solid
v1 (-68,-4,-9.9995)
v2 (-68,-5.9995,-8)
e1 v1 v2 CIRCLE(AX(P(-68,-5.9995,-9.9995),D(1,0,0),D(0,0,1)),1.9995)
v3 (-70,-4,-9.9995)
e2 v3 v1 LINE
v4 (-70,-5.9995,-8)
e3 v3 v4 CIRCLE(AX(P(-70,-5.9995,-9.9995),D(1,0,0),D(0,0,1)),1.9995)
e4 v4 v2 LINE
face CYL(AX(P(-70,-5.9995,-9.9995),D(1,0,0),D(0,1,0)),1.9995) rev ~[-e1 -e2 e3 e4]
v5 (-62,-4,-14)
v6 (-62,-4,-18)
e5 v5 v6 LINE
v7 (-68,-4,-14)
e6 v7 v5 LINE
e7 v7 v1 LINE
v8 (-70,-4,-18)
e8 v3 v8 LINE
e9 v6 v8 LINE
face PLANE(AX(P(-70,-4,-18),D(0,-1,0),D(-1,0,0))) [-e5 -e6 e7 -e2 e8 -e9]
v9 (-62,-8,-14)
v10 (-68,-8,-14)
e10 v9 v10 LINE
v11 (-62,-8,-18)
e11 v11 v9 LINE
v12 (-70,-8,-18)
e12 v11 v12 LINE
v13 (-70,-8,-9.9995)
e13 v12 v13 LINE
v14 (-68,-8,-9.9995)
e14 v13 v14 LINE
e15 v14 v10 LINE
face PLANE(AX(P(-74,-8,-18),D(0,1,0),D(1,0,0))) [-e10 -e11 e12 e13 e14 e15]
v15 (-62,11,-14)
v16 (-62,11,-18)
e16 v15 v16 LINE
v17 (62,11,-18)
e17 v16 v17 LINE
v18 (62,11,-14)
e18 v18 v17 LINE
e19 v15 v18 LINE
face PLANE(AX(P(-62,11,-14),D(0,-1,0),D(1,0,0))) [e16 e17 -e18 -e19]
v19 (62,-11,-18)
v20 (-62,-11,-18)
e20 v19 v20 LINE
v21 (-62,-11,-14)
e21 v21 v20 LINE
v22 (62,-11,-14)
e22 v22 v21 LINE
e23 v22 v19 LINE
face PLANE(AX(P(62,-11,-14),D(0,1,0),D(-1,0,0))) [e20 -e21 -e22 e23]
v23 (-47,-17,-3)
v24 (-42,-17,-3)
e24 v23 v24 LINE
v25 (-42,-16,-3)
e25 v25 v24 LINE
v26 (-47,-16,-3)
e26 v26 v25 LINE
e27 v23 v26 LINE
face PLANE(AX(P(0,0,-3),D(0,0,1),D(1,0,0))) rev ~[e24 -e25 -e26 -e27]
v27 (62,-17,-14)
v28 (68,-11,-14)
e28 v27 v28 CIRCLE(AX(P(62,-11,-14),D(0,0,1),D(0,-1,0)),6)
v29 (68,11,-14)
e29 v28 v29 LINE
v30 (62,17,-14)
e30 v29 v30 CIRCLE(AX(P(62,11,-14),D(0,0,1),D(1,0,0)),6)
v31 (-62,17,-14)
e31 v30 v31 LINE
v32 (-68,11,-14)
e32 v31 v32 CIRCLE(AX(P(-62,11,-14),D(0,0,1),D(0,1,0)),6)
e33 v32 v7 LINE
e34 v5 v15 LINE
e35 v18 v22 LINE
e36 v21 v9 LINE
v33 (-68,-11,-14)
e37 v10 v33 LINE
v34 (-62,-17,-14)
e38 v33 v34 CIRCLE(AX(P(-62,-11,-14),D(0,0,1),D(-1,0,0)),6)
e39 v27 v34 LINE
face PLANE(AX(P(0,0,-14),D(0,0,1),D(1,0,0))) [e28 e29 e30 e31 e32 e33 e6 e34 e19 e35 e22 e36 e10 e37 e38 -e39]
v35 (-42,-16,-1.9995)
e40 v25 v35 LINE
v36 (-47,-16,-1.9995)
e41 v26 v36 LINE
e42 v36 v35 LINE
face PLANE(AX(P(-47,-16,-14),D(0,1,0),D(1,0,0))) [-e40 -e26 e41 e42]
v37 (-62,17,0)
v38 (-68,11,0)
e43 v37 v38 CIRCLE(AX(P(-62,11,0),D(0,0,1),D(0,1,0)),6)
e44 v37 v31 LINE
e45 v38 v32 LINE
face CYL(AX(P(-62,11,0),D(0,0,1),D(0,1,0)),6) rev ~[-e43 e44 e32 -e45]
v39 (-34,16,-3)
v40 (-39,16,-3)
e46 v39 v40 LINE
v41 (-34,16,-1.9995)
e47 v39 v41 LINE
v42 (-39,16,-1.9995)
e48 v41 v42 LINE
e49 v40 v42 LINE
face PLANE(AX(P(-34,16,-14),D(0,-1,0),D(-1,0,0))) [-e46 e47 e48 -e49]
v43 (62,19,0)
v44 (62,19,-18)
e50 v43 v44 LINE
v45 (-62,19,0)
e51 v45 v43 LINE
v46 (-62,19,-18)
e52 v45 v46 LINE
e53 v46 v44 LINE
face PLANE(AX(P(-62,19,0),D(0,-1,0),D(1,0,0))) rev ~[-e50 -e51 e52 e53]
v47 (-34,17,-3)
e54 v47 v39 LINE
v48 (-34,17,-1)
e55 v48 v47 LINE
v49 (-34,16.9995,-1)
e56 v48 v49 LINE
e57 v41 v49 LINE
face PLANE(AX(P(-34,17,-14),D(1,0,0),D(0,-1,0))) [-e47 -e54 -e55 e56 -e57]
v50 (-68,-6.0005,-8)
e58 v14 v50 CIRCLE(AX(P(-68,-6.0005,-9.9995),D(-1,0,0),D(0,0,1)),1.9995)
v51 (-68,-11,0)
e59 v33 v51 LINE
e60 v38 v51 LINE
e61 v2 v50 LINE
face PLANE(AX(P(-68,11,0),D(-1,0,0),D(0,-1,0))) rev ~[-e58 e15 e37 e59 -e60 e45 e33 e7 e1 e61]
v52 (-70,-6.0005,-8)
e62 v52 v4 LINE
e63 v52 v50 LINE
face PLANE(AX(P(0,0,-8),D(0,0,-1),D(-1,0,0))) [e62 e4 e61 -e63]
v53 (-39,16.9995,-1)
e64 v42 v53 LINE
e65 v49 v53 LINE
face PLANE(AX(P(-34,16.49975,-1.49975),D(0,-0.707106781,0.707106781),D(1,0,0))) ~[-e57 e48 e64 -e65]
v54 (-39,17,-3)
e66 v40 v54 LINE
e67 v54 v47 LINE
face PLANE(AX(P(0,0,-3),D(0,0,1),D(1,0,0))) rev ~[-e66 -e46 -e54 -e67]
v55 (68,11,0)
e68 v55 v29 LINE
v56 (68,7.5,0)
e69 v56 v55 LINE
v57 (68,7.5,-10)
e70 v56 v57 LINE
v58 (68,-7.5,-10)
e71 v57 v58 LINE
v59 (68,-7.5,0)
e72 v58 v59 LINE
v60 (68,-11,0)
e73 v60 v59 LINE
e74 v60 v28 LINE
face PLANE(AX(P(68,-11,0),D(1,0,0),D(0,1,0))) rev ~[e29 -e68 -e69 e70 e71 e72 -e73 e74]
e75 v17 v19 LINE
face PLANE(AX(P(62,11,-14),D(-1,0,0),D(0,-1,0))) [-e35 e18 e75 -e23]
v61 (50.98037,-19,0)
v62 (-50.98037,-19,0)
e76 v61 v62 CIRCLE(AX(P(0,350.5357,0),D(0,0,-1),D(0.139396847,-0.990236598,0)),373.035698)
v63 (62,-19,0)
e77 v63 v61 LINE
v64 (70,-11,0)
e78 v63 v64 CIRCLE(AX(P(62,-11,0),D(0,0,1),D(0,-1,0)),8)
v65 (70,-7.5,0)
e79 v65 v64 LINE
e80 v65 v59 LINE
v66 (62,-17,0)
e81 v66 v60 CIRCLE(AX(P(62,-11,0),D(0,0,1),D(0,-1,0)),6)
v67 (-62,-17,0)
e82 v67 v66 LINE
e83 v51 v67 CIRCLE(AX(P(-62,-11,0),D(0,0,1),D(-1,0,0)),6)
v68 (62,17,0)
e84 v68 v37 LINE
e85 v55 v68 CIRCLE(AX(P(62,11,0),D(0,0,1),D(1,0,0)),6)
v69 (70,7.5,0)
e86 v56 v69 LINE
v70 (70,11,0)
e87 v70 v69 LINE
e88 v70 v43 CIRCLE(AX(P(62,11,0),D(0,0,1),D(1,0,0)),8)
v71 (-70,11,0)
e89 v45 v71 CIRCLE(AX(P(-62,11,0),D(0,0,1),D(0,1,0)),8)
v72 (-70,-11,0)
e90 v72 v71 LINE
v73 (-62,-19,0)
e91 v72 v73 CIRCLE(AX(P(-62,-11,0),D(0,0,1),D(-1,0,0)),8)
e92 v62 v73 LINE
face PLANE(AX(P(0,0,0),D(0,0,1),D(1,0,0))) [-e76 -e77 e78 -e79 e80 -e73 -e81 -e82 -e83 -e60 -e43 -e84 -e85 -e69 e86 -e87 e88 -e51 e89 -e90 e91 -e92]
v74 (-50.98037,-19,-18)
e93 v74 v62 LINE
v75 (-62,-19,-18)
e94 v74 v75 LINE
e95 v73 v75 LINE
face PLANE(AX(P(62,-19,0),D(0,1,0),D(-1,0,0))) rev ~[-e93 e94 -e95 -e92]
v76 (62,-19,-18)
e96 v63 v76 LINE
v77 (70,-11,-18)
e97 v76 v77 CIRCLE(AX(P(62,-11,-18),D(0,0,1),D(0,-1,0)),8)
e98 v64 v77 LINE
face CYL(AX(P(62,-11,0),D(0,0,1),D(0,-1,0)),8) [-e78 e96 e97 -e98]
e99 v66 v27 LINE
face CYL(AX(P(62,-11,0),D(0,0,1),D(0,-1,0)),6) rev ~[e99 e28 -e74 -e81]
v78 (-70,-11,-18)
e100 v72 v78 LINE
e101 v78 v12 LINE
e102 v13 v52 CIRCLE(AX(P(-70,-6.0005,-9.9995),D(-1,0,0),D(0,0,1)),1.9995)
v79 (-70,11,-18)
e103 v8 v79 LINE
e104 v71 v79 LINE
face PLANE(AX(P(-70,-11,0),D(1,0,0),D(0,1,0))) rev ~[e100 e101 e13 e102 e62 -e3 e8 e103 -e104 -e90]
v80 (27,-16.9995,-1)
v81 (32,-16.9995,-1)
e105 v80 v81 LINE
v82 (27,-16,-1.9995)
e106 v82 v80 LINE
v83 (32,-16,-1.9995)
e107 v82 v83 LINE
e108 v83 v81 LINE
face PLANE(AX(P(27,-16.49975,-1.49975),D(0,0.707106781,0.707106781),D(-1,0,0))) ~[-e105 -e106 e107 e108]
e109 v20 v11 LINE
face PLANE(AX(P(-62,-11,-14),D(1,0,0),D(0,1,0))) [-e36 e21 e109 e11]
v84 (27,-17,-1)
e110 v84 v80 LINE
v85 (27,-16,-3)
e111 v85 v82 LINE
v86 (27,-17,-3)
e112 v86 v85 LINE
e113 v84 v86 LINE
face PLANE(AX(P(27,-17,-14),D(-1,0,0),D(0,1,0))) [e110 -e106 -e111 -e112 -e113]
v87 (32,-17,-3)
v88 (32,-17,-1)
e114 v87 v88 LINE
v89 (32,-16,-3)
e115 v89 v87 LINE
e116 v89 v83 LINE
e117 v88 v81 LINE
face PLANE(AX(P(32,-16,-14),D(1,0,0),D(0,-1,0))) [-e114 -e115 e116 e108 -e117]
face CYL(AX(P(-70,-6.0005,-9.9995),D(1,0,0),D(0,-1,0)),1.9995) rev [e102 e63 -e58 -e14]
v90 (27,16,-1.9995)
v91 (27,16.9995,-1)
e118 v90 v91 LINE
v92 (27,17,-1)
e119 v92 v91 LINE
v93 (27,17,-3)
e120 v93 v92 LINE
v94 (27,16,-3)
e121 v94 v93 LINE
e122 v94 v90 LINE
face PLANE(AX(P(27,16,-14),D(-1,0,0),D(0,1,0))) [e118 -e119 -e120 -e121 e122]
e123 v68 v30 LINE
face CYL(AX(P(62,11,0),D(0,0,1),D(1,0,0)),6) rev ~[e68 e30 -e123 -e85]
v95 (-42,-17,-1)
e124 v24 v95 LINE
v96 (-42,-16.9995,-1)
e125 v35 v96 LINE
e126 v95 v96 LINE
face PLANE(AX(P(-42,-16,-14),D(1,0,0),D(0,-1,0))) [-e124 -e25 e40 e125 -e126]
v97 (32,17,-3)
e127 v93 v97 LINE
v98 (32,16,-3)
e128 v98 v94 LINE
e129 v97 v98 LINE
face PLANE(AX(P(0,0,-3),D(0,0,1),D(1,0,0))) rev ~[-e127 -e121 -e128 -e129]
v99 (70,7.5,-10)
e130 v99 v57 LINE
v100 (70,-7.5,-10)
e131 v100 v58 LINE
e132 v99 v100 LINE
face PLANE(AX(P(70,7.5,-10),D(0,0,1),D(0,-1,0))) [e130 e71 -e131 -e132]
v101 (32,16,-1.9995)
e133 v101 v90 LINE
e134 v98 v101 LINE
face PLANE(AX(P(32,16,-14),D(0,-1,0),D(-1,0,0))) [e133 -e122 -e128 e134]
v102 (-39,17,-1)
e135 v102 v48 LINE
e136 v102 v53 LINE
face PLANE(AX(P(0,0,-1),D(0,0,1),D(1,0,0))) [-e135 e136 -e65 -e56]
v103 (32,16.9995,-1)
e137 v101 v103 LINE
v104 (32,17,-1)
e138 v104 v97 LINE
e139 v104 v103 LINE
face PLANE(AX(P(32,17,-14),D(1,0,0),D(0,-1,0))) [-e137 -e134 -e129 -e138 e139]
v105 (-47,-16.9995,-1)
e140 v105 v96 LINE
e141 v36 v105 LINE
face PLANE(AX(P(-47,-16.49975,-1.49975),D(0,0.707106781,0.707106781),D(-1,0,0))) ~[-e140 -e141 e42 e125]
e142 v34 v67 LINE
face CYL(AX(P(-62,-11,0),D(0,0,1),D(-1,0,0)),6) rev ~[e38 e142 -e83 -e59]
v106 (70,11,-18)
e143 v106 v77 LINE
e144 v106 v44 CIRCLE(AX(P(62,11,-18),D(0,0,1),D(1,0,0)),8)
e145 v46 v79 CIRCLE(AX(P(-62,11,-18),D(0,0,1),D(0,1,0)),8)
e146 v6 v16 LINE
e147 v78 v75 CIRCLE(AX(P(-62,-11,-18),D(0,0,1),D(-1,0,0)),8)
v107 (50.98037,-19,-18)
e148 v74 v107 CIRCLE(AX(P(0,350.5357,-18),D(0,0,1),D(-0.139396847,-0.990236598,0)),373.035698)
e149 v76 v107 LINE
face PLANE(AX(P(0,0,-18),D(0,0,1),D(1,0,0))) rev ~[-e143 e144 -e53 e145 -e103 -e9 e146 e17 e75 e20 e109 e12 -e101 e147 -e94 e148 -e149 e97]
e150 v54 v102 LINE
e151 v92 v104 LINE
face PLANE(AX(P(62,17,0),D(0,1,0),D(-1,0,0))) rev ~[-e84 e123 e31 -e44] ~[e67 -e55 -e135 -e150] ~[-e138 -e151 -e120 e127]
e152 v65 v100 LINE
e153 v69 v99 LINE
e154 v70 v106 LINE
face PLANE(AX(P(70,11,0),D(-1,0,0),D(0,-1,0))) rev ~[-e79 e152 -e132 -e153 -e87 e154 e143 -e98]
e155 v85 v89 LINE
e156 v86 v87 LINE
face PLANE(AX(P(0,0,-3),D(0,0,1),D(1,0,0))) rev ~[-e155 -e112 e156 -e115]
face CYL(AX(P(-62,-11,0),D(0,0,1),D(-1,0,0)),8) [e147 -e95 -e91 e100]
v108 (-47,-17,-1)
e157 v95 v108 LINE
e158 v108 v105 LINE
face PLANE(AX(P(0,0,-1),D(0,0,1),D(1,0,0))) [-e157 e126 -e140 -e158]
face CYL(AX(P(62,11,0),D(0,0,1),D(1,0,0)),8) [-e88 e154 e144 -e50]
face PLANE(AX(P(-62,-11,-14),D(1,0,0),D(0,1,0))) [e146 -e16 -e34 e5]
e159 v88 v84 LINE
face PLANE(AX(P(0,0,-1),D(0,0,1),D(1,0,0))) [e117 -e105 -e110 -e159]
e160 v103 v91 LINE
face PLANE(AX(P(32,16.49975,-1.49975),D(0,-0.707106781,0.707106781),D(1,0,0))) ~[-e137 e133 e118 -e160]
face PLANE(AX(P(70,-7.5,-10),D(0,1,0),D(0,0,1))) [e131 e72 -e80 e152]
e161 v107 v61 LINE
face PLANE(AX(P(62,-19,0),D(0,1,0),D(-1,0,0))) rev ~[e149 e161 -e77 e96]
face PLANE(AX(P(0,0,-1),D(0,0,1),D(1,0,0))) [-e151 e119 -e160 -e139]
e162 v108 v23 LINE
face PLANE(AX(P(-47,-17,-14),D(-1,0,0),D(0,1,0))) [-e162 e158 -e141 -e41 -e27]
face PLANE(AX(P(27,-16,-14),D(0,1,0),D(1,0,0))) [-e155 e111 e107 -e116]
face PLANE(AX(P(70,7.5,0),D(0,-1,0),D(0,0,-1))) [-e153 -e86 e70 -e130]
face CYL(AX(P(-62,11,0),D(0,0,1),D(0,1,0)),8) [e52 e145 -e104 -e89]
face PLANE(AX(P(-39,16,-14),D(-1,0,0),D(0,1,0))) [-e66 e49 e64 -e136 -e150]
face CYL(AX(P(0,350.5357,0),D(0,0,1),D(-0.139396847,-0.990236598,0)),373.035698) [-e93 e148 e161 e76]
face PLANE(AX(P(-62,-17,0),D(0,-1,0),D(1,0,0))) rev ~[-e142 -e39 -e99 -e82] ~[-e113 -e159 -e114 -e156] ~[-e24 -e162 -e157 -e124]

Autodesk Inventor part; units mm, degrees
ref_plane "YZ Plane" through (0, 0, 0) normal (1, 0, 0) x (0, 1, 0)
ref_plane "XZ Plane" through (0, 0, 0) normal (0, 1, 0) x (-1, 0, 0)
ref_plane "XY Plane" through (0, 0, 0) normal (0, 0, 1) x (1, 0, 0)
sketch "Sketch1" plane through (0, 0, 0) normal (0, 0, 1) x (1, 0, 0)
  line L0 (-62, 19) -> (62, 19)
  line L1 (70, 11) -> (70, -11)
  line L2 (62, -19) -> (-62, -19)
  line L3 (-70, -11) -> (-70, 11)
  arc A0 (-62, 19) -> (-70, 11) centre (-62, 11) ccw
  arc A1 (-70, -11) -> (-62, -19) centre (-62, -11) ccw
  arc A2 (70, 11) -> (62, 19) centre (62, 11) ccw
  arc A3 (62, -19) -> (70, -11) centre (62, -11) ccw
  point P0 (0, 0)
  point P1 (70, -19)
  point P2 (70, 19)
  point P3 (-70, -19)
  dimension "d0" = 140
  dimension "d1" = 38
  dimension "d2" = 70
  dimension "d3" = 19
  dimension "d4" = 8
  dimension "d5" = 8
  dimension "d6" = 8
  dimension "d7" = 8
extrude "Extrusion1" add sketch "Sketch1" against normal blind 18
sketch "Sketch2" plane through (0, 0, 0) normal (0, 0, 1) x (1, 0, 0)
  line L0 (-62, 19) -> (62, 19) projected
  arc A0 (-62, 19) -> (-70, 11) centre (-62, 11) ccw projected
  line L1 (-70, -11) -> (-70, 11) projected
  arc A1 (-70, -11) -> (-62, -19) centre (-62, -11) ccw projected
  line L2 (62, -19) -> (-62, -19) projected
  arc A2 (62, -19) -> (70, -11) centre (62, -11) ccw projected
  line L3 (70, 11) -> (70, -11) projected
  arc A3 (70, 11) -> (62, 19) centre (62, 11) ccw projected
  line L4 (62, 17) -> (-62, 17)
  arc A4 (-62, 17) -> (-68, 11) centre (-62, 11) ccw
  line L5 (-68, 11) -> (-68, -11)
  arc A5 (-68, -11) -> (-62, -17) centre (-62, -11) ccw
  line L6 (-62, -17) -> (62, -17)
  arc A6 (62, -17) -> (68, -11) centre (62, -11) ccw
  line L7 (68, -11) -> (68, 11)
  arc A7 (68, 11) -> (62, 17) centre (62, 11) ccw
  point P0 (0, 0)
  dimension "d10" = 2
extrude "Extrusion2" cut sketch "Sketch2" against normal blind 14 contours A7 L7 A6 L6 A5 L5 A4 L4
sketch "Sketch3" plane through (70, -11, 0) normal (1, 0, 0) x (0, 0, -1)
  line L0 (0, 22) -> (0, 0) projected
  line L1 (-6.9158, 18.5) -> (10, 18.5)
  line L2 (10, 18.5) -> (10, 3.5)
  line L3 (10, 3.5) -> (-6.9158, 3.5)
  line L4 (-6.9158, 3.5) -> (-6.9158, 18.5)
  point P0 (0, 11)
  dimension "d13" = 6.9158
  dimension "d14" = 10
  dimension "d15" = 15
  dimension "d16" = 7.5
extrude "Extrusion3" cut sketch "Sketch3" against normal blind 14
sketch "Sketch4" plane through (0, 0, -14) normal (0, 0, 1) x (1, 0, 0)
  line L0 (-62, -17) -> (62, -17) projected
  line L1 (62, 17) -> (-62, 17) projected
  line L2 (27, 19) -> (32, 19)
  line L3 (32, 19) -> (32, 16)
  line L4 (32, 16) -> (27, 16)
  line L5 (27, 16) -> (27, 19)
  line L6 (32, -19) -> (27, -19)
  line L7 (27, -19) -> (27, -16)
  line L8 (27, -16) -> (32, -16)
  line L9 (32, -16) -> (32, -19)
  line L10 (-42, -19) -> (-47, -19)
  line L11 (-47, -19) -> (-47, -16)
  line L12 (-47, -16) -> (-42, -16)
  line L13 (-42, -16) -> (-42, -19)
  line L14 (70, 7.5) -> (70, -7.5) projected
  line L15 (62, -19) -> (-62, -19) projected
  line L16 (-62, 19) -> (62, 19) projected
  line L17 (-39, 19) -> (-34, 19)
  line L18 (-34, 19) -> (-34, 16)
  line L19 (-34, 16) -> (-39, 16)
  line L20 (-39, 16) -> (-39, 19)
  line L21 (-70, -11) -> (-70, 11) projected
  point P0 (0, 0)
  dimension "d19" = 38
  dimension "d20" = 5
  dimension "d21" = 5
  dimension "d22" = 38
  dimension "d23" = 1
  dimension "d24" = 1
  dimension "d25" = 0
  dimension "d26" = 0
  dimension "d28" = 1
  dimension "d29" = 0
  dimension "d30" = 5
  dimension "d31" = 5
  dimension "d33" = 1
  dimension "d34" = 0
  dimension "d59" = 66
  dimension "d60" = 74
extrude "Extrusion4" add sketch "Sketch4" along normal blind 13 contours L11 L12 L13 L0 | L0 L13 L10 L11 | L7 L8 L9 L0 | L0 L9 L6 L7 | L3 L4 L5 L1 | L1 L5 L2 L3 | L18 L19 L20 L1 | L1 L20 L16 L18
chamfer "Chamfer1" distance 1 distance2 1 1 edges at (-36.5, 16, -1) measured on face at (-35.6667, 16, -9.6667)
chamfer "Chamfer3" distance 1 distance2 1 1 edges at (29.5, 16, -1) measured on face at (30.3333, 16, -9.6667)
chamfer "Chamfer4" distance 1 distance2 1 1 edges at (-44.5, -16, -1) measured on face at (-45.3333, -16, -9.6667)
chamfer "Chamfer5" distance 1 distance2 1 1 edges at (29.5, -16, -1) measured on face at (28.6667, -16, -9.6667)
sketch "Sketch5" plane through (0, 0, -14) normal (0, 0, 1) x (1, 0, 0)
  line L0 (-39, 17) -> (-62, 17) projected
  arc A0 (-62, 17) -> (-68, 11) centre (-62, 11) ccw projected
  line L1 (-68, 11) -> (-68, -11) projected
  arc A1 (-68, -11) -> (-62, -17) centre (-62, -11) ccw projected
  line L2 (-62, -17) -> (-47, -17) projected
  line L3 (-47, -17) -> (-47, -16) projected
  line L4 (-47, -16) -> (-42, -16) projected
  line L5 (-42, -16) -> (-42, -17) projected
  line L6 (-42, -17) -> (27, -17) projected
  line L7 (27, -17) -> (27, -16) projected
  line L8 (27, -16) -> (32, -16) projected
  line L9 (32, -16) -> (32, -17) projected
  line L10 (32, -17) -> (62, -17) projected
  line L11 (-49, 17) -> (37, 17)
  line L12 (37, 17) -> (37, -17)
  line L13 (37, -17) -> (-49, -17)
  line L14 (-49, -17) -> (-49, 17)
  point P0 (32, 16)
  point P1 (-39, 16)
  point P2 (0, 0)
  dimension "d53" = 10
  dimension "d54" = 5
extrude "Extrusion5" cut sketch "Sketch5" along normal blind 11
sketch "Sketch6" plane through (0, 0, -14) normal (0, 0, 1) x (1, 0, 0)
  arc A0 (62, -17) -> (68, -11) centre (62, -11) ccw projected
  arc A1 (-62, 17) -> (-68, 11) centre (-62, 11) ccw projected
  line L0 (-62, 11) -> (62, 11)
  line L1 (62, 11) -> (62, -11)
  line L2 (62, -11) -> (-62, -11)
  line L3 (-62, -11) -> (-62, 11)
  point P0 (0, 0)
extrude "Extrusion6" cut sketch "Sketch6" against normal through all
sketch "Sketch8" plane through (0, 0, 0) normal (0, 0, 1) x (1, 0, 0)
  line L0 (-70, -11) -> (-70, 11) projected
  line L1 (62, -19) -> (-62, -19) projected
  line L2 (70, -7.5) -> (70, -11) projected
  line L3 (62, -17) -> (-62, -17) projected
  line L4 (0, -22.5) -> (0, -17) construction
  arc A0 (-52, -18.8579) -> (52, -18.8579) centre (0, 350.5357) ccw
  arc A1 (-49.9899, -19.1353) -> (-52, -19) centre (-52, -34) ccw
  arc A2 (52, -19) -> (49.9899, -19.1353) centre (52, -34) ccw
  line L5 (-52, -19) -> (-52, -17)
  line L6 (52, -19) -> (52, -17)
  line L7 (52, -17) -> (-52, -17)
  point P0 (0, 0)
  dimension "d63" = 2
  dimension "d64" = 18
  dimension "d65" = 18
  dimension "d66" = 5.5
  dimension "d67" = 30
  dimension "d68" = 30
extrude "Extrusion8" add sketch "Sketch8" against normal up to surface (18 mm away) contours A0 L1 | L1 A0 L5 L3 L6
sketch "Sketch9" plane through (0, 0, -18) normal (0, 0, -1) x (-1, 0, 0)
  line L0 (70, 11) -> (70, -11) projected
  line L1 (62, 11) -> (62, -11) projected
  line L2 (62, -11) -> (-62, -11) projected
  line L3 (58, -4) -> (74, -4)
  line L4 (74, -4) -> (74, -8)
  line L5 (74, -8) -> (58, -8)
  line L6 (58, -8) -> (58, -4)
  point P0 (0, 0)
  dimension "d71" = 3
  dimension "d72" = 4
  dimension "d73" = 4
  dimension "d74" = 4
extrude "Extrusion9" cut sketch "Sketch9" against normal blind 10
fillet "Fillet1" radius 2 2 edges at (-69, -8, -8) (-69, -4, -8)
sketch "Sketch10" plane through (0, 0, -14) normal (0, 0, 1) x (1, 0, 0)
  line L0 (-62, -8) -> (-68, -8) projected
  line L1 (-68, -8) -> (-68, -11) projected
  arc A0 (-68, -11) -> (-62, -17) centre (-62, -11) ccw projected
  line L2 (-62, -17) -> (62, -17) projected
  arc A1 (62, -17) -> (68, -11) centre (62, -11) ccw projected
  line L3 (68, -11) -> (68, 11) projected
  arc A2 (68, 11) -> (62, 17) centre (62, 11) ccw projected
  line L4 (62, 17) -> (-62, 17) projected
  arc A3 (-62, 17) -> (-68, 11) centre (-62, 11) ccw projected
  line L5 (-68, 11) -> (-68, -4) projected
  line L6 (-68, -4) -> (-62, -4) projected
  line L7 (-62, -4) -> (-62, 11) projected
  line L8 (-62, 11) -> (62, 11) projected
  line L9 (62, 11) -> (62, -11) projected
  line L10 (62, -11) -> (-62, -11) projected
  line L11 (-62, -11) -> (-62, -8) projected
  point P0 (0, 0)
equation "\"d2\" = 0.5 * d0"
equation "\"d3\" = 0.5 * d1"
equation "\"d16\" = 0.5 * d15"
properties part number "mainmount"
